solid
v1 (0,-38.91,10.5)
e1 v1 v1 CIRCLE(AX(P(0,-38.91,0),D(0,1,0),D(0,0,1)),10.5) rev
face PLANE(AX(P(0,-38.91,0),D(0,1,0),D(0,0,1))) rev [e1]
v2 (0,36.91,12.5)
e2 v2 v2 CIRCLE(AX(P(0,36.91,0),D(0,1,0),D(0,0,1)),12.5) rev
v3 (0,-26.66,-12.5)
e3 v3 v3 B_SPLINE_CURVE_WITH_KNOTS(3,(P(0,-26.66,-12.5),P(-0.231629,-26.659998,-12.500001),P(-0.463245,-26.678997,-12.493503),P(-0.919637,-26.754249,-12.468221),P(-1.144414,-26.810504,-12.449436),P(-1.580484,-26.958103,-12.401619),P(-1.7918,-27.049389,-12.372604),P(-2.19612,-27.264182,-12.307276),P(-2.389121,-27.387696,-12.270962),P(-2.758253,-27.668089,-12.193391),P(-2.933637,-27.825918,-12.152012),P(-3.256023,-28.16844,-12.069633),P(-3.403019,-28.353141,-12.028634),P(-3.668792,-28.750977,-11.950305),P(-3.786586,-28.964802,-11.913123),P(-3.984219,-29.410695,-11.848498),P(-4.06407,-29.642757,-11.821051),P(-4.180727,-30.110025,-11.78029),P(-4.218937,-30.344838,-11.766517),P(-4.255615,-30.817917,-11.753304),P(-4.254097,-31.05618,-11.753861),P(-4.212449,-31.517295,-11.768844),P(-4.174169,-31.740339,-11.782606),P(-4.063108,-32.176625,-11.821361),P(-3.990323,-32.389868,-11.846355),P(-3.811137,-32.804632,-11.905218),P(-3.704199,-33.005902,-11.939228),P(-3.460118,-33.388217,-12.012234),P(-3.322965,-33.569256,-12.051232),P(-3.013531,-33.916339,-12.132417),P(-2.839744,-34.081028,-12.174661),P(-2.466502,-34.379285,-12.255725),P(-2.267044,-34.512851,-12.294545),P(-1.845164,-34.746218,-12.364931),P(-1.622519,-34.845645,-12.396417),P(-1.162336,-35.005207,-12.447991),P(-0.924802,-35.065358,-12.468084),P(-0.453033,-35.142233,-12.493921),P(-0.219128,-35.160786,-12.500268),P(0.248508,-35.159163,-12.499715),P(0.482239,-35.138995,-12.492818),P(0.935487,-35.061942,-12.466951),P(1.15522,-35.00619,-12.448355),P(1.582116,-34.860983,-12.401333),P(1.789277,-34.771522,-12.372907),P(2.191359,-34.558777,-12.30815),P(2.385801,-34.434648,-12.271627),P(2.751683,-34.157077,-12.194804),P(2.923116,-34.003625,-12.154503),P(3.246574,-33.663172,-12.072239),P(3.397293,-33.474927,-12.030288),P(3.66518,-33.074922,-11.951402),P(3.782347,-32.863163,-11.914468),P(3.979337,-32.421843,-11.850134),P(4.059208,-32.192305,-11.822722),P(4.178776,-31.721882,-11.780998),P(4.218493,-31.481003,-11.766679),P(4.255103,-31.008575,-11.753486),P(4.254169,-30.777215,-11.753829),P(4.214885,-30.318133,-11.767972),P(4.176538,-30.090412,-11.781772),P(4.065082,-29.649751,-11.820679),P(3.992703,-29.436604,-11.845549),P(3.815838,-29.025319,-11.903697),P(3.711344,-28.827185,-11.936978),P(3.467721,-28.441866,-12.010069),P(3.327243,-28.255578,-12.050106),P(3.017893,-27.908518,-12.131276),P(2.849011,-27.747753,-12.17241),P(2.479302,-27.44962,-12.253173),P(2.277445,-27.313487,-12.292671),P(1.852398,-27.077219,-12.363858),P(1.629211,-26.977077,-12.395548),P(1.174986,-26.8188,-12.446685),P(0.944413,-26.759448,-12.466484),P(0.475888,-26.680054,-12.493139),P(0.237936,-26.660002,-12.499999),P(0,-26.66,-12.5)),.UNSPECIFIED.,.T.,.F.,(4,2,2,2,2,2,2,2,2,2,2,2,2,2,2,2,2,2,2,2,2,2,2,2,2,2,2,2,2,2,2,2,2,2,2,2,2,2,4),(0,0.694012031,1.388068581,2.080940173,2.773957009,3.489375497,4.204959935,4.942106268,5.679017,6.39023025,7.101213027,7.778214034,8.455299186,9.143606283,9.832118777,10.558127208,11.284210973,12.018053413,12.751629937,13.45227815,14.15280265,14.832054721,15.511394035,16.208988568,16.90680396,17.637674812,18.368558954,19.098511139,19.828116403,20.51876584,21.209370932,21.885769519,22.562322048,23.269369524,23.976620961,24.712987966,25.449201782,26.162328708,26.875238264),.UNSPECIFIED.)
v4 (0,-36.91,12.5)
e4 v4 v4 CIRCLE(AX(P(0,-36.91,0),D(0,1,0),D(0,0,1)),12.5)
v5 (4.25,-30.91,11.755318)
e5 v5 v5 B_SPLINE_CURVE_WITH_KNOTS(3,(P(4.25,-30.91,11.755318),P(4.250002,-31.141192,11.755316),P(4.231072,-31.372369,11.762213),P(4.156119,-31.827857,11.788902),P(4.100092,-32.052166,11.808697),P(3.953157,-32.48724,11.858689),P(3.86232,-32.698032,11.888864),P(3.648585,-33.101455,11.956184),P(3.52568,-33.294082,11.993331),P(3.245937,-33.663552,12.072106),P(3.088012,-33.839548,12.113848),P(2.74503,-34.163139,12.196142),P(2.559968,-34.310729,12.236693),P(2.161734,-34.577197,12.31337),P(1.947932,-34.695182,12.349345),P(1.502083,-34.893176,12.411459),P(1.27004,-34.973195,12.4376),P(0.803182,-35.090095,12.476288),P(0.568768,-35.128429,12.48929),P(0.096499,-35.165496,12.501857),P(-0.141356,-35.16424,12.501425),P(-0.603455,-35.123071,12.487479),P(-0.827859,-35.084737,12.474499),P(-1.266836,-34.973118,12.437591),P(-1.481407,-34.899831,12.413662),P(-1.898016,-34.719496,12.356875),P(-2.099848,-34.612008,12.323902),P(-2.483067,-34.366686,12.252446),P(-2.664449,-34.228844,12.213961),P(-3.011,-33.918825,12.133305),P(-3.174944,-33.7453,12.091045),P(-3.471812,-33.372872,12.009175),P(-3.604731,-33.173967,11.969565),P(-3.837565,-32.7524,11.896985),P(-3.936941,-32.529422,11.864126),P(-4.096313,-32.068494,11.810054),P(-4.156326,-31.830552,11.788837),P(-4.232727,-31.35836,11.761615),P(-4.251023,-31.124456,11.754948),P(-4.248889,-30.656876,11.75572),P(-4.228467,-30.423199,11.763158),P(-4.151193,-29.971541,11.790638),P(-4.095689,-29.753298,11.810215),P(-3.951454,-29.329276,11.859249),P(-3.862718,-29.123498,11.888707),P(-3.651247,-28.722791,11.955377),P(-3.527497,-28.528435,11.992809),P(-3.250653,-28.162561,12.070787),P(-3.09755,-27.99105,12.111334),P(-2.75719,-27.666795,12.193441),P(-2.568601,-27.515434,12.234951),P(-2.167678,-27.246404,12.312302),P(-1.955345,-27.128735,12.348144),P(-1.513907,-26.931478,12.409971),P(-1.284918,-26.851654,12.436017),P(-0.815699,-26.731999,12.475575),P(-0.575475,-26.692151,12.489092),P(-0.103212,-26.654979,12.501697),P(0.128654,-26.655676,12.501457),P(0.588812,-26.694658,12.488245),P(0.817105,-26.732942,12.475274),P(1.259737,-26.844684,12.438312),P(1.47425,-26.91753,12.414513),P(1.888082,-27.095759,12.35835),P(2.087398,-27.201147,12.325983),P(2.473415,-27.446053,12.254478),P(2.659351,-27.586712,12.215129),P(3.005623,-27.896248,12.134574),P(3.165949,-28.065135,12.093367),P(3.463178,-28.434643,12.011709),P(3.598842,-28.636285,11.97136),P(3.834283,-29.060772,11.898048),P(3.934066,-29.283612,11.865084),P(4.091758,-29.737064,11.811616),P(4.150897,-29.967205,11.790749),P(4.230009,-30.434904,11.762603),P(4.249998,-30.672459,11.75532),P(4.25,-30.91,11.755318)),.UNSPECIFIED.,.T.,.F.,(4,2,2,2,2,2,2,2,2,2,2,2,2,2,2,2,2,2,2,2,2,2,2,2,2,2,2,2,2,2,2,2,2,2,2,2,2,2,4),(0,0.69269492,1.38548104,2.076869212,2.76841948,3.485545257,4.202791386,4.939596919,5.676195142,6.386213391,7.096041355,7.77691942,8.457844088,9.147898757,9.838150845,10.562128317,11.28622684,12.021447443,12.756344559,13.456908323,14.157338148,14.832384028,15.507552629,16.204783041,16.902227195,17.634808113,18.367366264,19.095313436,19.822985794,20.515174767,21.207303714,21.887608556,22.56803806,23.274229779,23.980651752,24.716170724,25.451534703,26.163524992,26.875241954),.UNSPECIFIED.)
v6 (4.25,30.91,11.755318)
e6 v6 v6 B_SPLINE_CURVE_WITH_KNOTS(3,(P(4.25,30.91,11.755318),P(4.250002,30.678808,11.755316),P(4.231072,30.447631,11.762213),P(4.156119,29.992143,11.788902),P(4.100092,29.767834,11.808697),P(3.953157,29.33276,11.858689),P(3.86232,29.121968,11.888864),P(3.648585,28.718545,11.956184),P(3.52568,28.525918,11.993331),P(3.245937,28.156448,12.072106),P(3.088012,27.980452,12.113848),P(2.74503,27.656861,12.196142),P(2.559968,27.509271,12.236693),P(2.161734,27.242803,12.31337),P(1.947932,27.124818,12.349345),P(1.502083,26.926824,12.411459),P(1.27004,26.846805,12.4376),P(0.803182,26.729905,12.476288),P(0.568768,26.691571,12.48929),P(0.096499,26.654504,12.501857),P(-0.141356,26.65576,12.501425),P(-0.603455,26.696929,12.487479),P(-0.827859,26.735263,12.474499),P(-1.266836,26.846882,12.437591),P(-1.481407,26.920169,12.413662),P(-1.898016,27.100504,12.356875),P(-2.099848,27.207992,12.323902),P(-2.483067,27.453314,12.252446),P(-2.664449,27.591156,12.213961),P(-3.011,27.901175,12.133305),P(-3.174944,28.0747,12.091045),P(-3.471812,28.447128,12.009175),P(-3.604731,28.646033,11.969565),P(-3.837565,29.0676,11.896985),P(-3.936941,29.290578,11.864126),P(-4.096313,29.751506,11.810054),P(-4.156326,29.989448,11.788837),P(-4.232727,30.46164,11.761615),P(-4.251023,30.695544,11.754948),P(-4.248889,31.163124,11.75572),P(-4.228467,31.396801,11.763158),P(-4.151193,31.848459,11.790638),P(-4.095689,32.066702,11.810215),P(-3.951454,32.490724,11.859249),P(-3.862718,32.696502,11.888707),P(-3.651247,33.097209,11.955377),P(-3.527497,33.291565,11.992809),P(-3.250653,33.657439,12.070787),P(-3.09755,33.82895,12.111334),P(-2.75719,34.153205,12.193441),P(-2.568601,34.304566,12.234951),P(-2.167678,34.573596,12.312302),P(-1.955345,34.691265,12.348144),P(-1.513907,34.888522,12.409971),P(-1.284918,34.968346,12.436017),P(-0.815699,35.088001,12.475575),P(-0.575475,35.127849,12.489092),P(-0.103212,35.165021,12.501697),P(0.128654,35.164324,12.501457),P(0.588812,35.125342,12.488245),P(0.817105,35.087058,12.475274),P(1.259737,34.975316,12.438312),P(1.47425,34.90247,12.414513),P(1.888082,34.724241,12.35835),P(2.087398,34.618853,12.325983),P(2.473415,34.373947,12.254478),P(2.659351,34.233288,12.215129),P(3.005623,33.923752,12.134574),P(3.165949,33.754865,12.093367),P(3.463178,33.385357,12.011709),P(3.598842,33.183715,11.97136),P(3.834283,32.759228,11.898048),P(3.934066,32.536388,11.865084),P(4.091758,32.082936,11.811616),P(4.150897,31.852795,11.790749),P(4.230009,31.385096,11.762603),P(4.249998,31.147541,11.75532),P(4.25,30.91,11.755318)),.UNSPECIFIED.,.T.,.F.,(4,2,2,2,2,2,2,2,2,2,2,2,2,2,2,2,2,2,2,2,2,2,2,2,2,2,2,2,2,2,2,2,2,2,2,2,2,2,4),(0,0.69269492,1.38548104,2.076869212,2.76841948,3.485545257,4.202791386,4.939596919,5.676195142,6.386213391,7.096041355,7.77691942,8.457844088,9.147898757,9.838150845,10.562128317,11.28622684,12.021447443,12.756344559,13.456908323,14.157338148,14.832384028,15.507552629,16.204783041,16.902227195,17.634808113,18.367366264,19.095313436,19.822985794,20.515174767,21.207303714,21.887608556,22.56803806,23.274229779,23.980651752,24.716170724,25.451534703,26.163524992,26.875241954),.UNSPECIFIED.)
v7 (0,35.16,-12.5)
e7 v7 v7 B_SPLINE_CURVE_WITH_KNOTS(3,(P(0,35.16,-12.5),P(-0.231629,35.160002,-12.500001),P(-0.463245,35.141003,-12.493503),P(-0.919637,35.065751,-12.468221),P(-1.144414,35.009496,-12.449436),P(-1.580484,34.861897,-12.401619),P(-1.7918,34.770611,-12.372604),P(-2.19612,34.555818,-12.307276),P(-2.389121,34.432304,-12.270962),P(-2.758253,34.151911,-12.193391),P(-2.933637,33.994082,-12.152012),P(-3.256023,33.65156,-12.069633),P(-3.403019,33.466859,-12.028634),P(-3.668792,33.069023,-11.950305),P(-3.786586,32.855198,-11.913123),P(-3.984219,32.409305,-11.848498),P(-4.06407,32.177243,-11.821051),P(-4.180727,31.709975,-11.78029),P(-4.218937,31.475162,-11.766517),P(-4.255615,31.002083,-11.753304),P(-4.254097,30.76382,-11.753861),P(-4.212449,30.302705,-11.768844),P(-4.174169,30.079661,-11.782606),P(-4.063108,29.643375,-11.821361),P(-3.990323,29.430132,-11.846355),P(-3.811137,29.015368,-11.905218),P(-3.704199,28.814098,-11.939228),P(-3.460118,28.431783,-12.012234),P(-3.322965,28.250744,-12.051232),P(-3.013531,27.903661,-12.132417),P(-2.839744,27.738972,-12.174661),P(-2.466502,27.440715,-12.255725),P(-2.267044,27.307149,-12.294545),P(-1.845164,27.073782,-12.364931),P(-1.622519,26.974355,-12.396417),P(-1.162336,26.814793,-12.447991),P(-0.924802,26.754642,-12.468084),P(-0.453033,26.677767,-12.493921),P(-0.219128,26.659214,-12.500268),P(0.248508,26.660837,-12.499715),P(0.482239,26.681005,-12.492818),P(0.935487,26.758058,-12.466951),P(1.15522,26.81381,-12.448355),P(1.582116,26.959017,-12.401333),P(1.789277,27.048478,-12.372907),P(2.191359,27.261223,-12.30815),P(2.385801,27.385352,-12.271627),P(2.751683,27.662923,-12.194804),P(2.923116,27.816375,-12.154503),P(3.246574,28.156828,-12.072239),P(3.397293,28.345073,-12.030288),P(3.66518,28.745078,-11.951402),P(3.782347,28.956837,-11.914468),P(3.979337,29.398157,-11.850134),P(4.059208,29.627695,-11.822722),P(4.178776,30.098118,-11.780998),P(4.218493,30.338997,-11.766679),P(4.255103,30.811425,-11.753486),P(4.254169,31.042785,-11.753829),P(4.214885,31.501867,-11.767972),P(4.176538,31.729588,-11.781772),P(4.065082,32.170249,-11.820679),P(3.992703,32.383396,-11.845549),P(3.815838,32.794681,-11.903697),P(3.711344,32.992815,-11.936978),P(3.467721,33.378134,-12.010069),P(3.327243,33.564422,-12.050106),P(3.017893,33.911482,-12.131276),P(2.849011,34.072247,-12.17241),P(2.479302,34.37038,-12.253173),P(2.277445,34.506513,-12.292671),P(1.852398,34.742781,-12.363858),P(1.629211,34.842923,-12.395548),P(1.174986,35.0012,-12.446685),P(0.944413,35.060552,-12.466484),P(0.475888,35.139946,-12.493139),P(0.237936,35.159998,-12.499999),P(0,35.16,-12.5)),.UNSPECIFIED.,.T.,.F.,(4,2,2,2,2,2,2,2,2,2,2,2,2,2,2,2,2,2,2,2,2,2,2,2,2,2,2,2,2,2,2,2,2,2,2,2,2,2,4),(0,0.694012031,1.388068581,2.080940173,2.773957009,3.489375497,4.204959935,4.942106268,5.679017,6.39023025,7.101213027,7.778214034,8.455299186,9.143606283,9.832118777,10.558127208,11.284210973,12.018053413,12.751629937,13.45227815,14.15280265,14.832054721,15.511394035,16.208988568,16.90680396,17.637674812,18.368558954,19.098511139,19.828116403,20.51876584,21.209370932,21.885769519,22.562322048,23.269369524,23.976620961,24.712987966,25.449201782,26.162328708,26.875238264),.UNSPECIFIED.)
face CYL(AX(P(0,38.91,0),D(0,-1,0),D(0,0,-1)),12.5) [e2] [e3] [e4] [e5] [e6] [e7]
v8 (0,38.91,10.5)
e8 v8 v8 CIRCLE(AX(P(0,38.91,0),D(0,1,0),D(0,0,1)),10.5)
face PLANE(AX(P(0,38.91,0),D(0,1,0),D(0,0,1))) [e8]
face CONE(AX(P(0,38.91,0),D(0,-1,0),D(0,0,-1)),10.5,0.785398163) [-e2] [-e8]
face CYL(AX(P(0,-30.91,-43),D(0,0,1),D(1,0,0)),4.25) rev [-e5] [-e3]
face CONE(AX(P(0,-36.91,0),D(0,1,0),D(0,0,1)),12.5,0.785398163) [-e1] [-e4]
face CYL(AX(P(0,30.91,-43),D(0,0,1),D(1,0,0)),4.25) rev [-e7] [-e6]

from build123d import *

# Parameters (mm, degrees)
ESBO_O1_R                = 12.5
RESSALTO_EXTRUS_O1_DEPTH = 38.91
CHANFRO1_SIZE            = 2
ESBO_O2_R                = 4.25
CORTE_EXTRUS_O1_DEPTH    = 43


with BuildPart() as part:
    # Esboço1 → Ressalto-extrusão1 (new, symmetric)
    with BuildSketch(Plane(origin=(0, 0, 0), x_dir=(1, 0, 0), z_dir=(0, 1, 0))):
        with Locations(Location((0, 0, 0), (0, 0, 270))):
            Circle(ESBO_O1_R)
    extrude(amount=RESSALTO_EXTRUS_O1_DEPTH, both=True)

    # Chanfro1
    chanfro1_edges = [part.edges().sort_by_distance(p)[0] for p in [
        (0, -38.91, -12.5),
        (0, 38.91, -12.5),
    ]]
    chamfer(chanfro1_edges, length=CHANFRO1_SIZE)

    # Esboço2 → Corte-extrusão1 (cut, symmetric)
    with BuildSketch(Plane.XY):
        with Locations(Location((0, 30.91, 0), (0, 0, 89.999999985))):
            Circle(ESBO_O2_R)
        with Locations(Location((0, -30.91, 0), (0, 0, 89.999999985))):
            Circle(ESBO_O2_R)
    extrude(amount=CORTE_EXTRUS_O1_DEPTH, both=True, mode=Mode.SUBTRACT)


solid = part.part
